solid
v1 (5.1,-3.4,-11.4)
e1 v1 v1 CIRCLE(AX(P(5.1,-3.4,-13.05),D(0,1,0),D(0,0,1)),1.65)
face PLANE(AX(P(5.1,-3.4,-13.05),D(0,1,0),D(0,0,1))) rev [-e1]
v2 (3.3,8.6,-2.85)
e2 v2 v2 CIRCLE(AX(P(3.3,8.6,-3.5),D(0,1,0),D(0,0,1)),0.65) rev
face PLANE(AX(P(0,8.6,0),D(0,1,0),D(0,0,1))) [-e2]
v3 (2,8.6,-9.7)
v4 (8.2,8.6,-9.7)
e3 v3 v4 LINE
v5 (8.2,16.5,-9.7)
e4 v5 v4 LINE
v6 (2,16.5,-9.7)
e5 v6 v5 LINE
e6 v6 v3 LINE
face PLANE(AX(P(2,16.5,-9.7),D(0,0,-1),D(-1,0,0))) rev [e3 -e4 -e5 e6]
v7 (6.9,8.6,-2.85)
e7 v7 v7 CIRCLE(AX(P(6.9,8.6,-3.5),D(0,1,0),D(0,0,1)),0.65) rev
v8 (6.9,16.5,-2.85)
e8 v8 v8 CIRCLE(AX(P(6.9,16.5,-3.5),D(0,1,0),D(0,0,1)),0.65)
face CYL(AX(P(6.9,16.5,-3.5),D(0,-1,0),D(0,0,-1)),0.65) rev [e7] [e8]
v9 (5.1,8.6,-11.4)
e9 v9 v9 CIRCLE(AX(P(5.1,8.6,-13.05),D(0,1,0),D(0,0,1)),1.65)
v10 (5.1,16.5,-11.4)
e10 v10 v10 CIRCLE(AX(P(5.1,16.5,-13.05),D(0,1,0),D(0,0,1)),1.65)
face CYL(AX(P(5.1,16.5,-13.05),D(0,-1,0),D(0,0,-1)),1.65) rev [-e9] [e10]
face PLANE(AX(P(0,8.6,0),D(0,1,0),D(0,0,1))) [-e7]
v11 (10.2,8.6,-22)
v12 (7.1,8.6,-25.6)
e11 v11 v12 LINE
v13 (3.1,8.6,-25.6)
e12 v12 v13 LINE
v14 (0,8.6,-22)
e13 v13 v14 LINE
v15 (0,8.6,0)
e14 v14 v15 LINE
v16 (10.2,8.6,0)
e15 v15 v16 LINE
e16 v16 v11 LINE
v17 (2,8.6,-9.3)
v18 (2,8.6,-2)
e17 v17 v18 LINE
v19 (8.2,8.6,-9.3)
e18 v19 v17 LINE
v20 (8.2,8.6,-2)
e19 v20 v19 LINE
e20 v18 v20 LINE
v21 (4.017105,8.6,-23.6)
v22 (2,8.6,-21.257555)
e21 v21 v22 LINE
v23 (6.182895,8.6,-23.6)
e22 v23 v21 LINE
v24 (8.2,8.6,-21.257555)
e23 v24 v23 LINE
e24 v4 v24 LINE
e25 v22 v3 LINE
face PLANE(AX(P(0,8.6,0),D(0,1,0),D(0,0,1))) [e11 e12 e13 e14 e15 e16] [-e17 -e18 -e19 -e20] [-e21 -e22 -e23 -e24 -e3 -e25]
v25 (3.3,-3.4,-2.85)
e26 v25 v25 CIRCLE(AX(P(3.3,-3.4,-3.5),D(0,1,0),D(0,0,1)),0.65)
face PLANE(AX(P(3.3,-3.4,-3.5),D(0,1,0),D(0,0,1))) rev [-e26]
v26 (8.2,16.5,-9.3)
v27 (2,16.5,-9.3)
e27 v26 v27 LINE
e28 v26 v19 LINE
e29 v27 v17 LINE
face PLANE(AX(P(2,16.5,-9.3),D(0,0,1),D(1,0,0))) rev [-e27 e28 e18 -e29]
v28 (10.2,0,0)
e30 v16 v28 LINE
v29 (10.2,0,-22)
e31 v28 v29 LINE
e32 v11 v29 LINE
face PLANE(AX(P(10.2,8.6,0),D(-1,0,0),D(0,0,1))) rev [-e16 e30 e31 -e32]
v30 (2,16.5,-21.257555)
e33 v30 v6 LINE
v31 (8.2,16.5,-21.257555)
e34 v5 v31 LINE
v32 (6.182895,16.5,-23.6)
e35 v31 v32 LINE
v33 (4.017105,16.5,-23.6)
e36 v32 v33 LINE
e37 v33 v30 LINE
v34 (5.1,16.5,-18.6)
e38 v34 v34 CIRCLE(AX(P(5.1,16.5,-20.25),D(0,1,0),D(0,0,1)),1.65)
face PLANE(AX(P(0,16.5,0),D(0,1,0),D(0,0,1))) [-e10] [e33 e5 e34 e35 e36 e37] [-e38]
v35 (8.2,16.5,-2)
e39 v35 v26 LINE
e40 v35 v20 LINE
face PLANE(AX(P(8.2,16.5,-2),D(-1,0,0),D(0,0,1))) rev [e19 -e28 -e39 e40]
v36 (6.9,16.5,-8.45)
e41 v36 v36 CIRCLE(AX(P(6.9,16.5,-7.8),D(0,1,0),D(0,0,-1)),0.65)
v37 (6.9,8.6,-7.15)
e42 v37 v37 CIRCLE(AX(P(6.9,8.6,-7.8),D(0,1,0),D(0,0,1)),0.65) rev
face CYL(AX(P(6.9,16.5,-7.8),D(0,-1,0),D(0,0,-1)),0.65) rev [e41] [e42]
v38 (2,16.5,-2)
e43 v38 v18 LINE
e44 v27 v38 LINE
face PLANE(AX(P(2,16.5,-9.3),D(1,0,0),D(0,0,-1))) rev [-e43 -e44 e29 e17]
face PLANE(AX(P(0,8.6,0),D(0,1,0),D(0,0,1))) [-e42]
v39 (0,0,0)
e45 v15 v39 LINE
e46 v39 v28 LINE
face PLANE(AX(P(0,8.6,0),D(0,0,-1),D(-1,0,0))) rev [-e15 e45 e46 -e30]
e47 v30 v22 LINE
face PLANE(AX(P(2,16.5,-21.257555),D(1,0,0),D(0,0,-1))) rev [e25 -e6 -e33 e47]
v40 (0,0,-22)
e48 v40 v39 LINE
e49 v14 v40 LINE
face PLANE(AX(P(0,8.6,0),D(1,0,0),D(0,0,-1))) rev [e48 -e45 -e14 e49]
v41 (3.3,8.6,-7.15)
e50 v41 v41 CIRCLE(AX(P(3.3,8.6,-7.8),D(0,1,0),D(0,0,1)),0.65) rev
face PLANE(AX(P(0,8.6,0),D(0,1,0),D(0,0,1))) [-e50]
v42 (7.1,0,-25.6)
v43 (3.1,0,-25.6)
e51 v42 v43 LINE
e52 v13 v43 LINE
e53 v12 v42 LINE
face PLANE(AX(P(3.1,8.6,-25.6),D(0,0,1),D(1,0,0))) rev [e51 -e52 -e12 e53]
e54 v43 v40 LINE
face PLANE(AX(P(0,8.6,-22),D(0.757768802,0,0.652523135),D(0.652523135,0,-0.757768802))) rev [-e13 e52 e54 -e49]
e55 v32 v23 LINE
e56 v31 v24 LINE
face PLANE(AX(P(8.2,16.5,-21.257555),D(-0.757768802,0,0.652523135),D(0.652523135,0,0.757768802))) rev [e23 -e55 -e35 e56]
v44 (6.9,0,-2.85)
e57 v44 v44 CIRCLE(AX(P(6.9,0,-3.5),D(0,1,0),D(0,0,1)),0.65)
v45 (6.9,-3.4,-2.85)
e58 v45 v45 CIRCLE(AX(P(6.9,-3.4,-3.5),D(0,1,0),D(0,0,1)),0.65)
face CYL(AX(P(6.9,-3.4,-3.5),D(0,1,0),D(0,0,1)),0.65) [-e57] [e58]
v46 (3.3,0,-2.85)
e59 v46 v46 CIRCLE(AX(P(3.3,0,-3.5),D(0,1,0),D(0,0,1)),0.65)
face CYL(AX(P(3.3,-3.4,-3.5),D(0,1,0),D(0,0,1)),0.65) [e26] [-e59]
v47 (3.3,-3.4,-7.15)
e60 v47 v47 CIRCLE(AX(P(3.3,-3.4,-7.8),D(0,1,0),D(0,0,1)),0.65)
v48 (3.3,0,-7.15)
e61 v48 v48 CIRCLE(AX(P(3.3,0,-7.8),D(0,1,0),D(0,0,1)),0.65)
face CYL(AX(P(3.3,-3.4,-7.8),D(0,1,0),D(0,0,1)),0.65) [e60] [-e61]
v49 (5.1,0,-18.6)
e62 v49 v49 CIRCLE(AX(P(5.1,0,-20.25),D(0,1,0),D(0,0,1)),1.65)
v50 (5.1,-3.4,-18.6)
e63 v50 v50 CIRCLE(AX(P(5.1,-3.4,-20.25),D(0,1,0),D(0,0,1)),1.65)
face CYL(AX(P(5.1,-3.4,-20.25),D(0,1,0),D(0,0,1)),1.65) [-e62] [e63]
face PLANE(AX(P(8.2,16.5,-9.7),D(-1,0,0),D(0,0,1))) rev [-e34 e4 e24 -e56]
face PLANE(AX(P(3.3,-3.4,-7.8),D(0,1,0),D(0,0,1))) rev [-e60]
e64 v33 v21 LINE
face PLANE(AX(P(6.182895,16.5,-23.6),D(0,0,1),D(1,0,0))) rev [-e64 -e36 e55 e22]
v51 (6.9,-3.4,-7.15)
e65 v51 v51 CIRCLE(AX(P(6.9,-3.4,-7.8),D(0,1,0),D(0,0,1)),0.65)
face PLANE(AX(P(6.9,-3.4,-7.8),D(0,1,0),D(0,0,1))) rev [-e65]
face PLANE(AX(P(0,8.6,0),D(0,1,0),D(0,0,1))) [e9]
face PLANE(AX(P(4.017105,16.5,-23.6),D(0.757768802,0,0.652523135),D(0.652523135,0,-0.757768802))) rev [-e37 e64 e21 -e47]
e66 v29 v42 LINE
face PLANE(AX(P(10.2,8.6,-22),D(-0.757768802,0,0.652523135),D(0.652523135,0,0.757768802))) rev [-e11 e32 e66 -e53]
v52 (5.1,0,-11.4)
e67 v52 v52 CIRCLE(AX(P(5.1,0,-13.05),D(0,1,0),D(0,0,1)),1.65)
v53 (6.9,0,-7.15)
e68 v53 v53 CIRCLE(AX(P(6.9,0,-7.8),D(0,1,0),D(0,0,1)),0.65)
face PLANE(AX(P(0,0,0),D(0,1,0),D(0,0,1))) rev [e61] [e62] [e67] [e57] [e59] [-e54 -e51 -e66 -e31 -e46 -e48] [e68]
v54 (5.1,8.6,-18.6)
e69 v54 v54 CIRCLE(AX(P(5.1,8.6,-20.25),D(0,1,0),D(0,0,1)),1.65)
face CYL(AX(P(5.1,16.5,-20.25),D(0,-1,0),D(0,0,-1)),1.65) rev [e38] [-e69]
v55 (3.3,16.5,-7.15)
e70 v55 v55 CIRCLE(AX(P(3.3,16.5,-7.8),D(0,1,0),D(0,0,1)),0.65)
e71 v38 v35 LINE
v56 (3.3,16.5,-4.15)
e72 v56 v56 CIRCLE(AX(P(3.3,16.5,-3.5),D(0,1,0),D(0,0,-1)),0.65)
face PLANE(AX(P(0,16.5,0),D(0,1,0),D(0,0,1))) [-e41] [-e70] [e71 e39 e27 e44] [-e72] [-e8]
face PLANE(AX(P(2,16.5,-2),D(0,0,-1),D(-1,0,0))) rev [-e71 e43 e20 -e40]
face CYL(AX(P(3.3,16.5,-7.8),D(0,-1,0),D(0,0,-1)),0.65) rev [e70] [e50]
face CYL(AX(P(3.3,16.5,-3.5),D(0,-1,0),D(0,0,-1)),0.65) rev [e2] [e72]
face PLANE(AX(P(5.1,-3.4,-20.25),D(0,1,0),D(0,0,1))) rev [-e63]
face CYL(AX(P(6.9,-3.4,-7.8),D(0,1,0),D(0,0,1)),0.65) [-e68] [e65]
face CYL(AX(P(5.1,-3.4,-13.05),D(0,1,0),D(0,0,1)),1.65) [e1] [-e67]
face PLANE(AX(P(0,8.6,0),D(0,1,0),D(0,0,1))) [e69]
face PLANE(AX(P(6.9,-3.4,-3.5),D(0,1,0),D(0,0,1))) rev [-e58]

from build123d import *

# Parameters (mm, degrees)
EXTRUDE_1_DEPTH = 8.6
SKETCH_2_R      = 1.65
SKETCH_2_W      = 6.2
SKETCH_2_H      = 7.3
SKETCH_2_R_2    = 0.65
EXTRUDE_2_DEPTH = 7.9
SKETCH_3_R      = 1.65
SKETCH_3_R_2    = 0.65
EXTRUDE_3_DEPTH = 12


with BuildPart() as part:
    # 草图1 → 凸台-拉伸1 (new body)
    with BuildSketch(Plane(origin=(0, 0, 0), x_dir=(1, 0, 0), z_dir=(0, 1, 0))):
        Polygon((0, 0), (0, 22), (3.1, 25.6), (7.1, 25.6), (10.2, 22), (10.2, 0), align=None)
    extrude(amount=EXTRUDE_1_DEPTH)

    # 草图2 → 凸台-拉伸2 (add)
    with BuildSketch(Plane(origin=(0, 8.6, 0), x_dir=(1, 0, 0), z_dir=(0, 1, 0))):
        Polygon((2, 9.7), (8.2, 9.7), (8.2, 21.257555221), (6.182894773, 23.6), (4.017105227, 23.6), (2, 21.257555221), align=None)
        with Locations((5.1, 20.25)):
            Circle(SKETCH_2_R, mode=Mode.SUBTRACT)
        with Locations((5.1, 13.05)):
            Circle(SKETCH_2_R, mode=Mode.SUBTRACT)
        with Locations((5.1, 5.65)):
            Rectangle(SKETCH_2_W, SKETCH_2_H)
        with Locations((3.3, 7.8)):
            Circle(SKETCH_2_R_2, mode=Mode.SUBTRACT)
        with Locations((6.9, 7.8)):
            Circle(SKETCH_2_R_2, mode=Mode.SUBTRACT)
        with Locations((6.9, 3.5)):
            Circle(SKETCH_2_R_2, mode=Mode.SUBTRACT)
        with Locations((3.3, 3.5)):
            Circle(SKETCH_2_R_2, mode=Mode.SUBTRACT)
    extrude(amount=EXTRUDE_2_DEPTH)

    # 草图3 → 凸台-拉伸3 (add)
    with BuildSketch(Plane(origin=(0, 8.6, 0), x_dir=(1, 0, 0), z_dir=(0, 1, 0))):
        with Locations((5.1, 20.25)):
            Circle(SKETCH_3_R)
        with Locations((5.1, 13.05)):
            Circle(SKETCH_3_R)
        with Locations((3.3, 7.8)):
            Circle(SKETCH_3_R_2)
        with Locations((6.9, 7.8)):
            Circle(SKETCH_3_R_2)
        with Locations((6.9, 3.5)):
            Circle(SKETCH_3_R_2)
        with Locations((3.3, 3.5)):
            Circle(SKETCH_3_R_2)
    extrude(amount=-EXTRUDE_3_DEPTH)


solid = part.part
